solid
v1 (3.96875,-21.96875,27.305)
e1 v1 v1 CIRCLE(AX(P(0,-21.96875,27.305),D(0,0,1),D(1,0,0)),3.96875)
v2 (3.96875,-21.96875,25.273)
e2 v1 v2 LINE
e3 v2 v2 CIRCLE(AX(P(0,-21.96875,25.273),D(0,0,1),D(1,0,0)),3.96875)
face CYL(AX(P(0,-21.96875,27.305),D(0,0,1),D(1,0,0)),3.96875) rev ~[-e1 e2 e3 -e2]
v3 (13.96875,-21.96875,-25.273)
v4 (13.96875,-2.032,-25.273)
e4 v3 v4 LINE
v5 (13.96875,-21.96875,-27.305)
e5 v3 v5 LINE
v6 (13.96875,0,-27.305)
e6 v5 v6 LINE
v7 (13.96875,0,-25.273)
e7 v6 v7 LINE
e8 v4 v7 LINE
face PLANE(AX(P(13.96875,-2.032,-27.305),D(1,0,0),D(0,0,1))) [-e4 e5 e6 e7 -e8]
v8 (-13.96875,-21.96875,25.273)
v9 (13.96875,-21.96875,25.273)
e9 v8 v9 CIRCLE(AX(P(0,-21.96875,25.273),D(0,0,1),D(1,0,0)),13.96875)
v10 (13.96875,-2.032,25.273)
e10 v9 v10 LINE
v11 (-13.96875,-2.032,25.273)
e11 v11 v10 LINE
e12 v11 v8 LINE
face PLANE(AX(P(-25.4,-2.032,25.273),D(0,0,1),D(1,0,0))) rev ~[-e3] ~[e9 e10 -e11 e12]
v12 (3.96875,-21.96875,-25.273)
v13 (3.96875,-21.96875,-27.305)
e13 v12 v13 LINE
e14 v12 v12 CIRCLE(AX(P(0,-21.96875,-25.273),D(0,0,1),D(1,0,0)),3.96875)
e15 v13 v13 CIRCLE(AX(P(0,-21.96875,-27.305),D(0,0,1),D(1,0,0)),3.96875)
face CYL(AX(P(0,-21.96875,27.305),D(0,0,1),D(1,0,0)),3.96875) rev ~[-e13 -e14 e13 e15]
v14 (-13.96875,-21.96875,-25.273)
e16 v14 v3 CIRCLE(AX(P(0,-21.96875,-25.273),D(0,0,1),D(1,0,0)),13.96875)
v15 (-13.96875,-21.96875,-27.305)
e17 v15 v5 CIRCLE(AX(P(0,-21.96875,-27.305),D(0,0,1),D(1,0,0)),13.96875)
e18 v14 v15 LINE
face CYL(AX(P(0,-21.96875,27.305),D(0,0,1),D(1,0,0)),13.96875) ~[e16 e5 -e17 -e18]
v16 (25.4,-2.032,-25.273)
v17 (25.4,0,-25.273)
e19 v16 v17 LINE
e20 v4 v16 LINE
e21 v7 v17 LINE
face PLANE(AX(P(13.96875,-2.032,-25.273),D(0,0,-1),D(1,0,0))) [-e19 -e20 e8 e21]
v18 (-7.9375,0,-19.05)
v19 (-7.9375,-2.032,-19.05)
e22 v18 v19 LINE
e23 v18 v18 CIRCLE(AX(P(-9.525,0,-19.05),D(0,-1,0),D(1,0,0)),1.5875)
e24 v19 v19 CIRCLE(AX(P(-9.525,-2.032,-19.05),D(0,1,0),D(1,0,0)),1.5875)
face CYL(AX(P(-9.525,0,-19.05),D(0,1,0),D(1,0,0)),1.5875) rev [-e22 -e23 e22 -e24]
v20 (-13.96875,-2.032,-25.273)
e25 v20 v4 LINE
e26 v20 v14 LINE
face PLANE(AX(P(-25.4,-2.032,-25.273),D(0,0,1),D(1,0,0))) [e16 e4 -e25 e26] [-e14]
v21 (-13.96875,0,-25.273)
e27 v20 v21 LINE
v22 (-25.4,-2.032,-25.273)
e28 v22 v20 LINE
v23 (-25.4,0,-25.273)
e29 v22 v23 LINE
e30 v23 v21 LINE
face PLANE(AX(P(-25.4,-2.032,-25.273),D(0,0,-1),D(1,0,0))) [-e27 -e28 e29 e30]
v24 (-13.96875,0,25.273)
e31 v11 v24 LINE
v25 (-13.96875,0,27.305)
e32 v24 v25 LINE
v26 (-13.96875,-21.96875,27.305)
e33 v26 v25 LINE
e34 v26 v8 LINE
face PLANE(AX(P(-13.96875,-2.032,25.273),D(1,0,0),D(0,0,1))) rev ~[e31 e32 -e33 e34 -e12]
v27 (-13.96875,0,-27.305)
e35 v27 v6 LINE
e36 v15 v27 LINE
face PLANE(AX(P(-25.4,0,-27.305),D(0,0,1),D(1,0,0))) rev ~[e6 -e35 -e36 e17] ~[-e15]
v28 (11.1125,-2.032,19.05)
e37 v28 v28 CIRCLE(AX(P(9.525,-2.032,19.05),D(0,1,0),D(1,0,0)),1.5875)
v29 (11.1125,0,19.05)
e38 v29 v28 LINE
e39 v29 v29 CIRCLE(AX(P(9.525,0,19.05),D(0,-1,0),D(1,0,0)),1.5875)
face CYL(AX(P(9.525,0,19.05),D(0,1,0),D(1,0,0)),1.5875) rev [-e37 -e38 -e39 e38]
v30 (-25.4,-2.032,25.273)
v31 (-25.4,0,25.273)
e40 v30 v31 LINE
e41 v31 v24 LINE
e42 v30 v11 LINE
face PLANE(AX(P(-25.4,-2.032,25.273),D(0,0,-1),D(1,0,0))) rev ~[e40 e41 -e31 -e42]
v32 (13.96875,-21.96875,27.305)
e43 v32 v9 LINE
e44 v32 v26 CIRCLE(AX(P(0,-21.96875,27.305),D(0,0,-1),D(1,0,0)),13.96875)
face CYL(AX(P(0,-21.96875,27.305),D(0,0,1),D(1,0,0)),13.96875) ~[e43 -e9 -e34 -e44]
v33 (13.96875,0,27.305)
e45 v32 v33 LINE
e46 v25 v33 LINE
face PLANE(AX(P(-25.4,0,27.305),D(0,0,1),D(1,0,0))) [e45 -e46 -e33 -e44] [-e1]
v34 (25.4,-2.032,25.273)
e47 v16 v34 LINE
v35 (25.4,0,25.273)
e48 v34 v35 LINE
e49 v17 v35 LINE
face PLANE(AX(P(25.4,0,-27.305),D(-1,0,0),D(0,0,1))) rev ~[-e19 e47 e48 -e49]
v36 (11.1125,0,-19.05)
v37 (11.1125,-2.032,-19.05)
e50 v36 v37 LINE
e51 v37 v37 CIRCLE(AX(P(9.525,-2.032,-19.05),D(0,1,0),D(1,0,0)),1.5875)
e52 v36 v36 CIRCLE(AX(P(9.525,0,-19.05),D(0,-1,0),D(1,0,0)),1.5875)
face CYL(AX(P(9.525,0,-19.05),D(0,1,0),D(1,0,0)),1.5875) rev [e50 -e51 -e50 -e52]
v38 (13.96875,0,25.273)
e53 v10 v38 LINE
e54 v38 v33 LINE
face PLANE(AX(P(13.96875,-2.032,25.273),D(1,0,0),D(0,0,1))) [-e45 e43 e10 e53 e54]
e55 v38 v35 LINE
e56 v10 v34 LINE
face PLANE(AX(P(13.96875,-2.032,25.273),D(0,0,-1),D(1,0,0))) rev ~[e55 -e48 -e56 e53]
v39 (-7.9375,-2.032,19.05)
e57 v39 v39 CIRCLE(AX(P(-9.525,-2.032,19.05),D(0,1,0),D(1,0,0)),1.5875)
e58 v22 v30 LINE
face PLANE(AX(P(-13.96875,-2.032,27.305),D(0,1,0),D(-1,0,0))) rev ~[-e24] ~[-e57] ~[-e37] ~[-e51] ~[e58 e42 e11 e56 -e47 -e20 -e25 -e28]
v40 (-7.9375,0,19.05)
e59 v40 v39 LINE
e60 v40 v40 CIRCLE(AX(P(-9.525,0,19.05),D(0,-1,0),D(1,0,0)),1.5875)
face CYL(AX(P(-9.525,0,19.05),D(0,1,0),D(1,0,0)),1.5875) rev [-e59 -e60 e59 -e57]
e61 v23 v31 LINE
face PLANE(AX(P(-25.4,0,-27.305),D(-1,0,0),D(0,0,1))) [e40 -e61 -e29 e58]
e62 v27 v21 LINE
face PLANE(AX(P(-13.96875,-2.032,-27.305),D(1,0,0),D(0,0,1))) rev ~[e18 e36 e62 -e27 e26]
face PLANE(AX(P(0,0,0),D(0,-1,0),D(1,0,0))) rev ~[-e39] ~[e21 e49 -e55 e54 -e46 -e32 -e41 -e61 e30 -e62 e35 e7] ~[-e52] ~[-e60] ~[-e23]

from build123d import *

# Parameters (mm, degrees)
F0_W     = 50.8
F0_H     = 54.61
F0_R     = 1.5875
F1_DEPTH = 50.8
F2_R     = 3.96875
F3_DEPTH = 54.611
F4_W     = 50.8
F4_H     = 50.546
F5_DEPTH = 33.9065
F6_W     = 11.43125
F6_H     = 2.032
F7_DEPTH = 2.033


with BuildPart() as f1:
    # F0 (on Front) → F1 (new body)
    with BuildSketch(Plane.XZ):
        Rectangle(F0_W, F0_H)
        with Locations((-9.525, -19.05)):
            Circle(F0_R, mode=Mode.SUBTRACT)
        with Locations((9.525, -19.05)):
            Circle(F0_R, mode=Mode.SUBTRACT)
        with Locations((-9.525, 19.05)):
            Circle(F0_R, mode=Mode.SUBTRACT)
        with Locations((9.525, 19.05)):
            Circle(F0_R, mode=Mode.SUBTRACT)
    extrude(amount=F1_DEPTH)

    # F2 (on face) → F3 (cut, through all)
    with BuildSketch(Plane.XY.offset(27.305)):
        with BuildLine():
            Line((-25.4, -2.032), (-25.4, -50.8))
            Line((-25.4, -50.8), (25.4, -50.8))
            Line((25.4, -50.8), (25.4, -2.032))
            Line((25.4, -2.032), (13.96875, -2.032))
            Line((13.96875, -2.032), (13.96875, -21.96875))
            ThreePointArc((13.96875, -21.96875), (0, -35.9375), (-13.96875, -21.96875))
            Line((-13.96875, -21.96875), (-13.96875, -2.032))
            Line((-13.96875, -2.032), (-25.4, -2.032))
        make_face()
        with Locations((0, -21.96875)):
            Circle(F2_R)
    extrude(amount=-F3_DEPTH, mode=Mode.SUBTRACT)

    # F4 (on face) → F5 (cut, through all)
    with BuildSketch(Plane.XZ.offset(2.032)):
        Rectangle(F4_W, F4_H)
    extrude(amount=F5_DEPTH, mode=Mode.SUBTRACT)

    # F6 (on face) → F7 (cut, through all)
    with BuildSketch(Plane.XZ.offset(2.032)):
        with Locations((-19.684375, 26.289)):
            Rectangle(F6_W, F6_H)
        with Locations((19.684375, 26.289)):
            Rectangle(F6_W, F6_H)
        with Locations((19.684375, -26.289)):
            Rectangle(F6_W, F6_H)
        with Locations((-19.684375, -26.289)):
            Rectangle(F6_W, F6_H)
    extrude(amount=-F7_DEPTH, mode=Mode.SUBTRACT)


solid = f1.part
